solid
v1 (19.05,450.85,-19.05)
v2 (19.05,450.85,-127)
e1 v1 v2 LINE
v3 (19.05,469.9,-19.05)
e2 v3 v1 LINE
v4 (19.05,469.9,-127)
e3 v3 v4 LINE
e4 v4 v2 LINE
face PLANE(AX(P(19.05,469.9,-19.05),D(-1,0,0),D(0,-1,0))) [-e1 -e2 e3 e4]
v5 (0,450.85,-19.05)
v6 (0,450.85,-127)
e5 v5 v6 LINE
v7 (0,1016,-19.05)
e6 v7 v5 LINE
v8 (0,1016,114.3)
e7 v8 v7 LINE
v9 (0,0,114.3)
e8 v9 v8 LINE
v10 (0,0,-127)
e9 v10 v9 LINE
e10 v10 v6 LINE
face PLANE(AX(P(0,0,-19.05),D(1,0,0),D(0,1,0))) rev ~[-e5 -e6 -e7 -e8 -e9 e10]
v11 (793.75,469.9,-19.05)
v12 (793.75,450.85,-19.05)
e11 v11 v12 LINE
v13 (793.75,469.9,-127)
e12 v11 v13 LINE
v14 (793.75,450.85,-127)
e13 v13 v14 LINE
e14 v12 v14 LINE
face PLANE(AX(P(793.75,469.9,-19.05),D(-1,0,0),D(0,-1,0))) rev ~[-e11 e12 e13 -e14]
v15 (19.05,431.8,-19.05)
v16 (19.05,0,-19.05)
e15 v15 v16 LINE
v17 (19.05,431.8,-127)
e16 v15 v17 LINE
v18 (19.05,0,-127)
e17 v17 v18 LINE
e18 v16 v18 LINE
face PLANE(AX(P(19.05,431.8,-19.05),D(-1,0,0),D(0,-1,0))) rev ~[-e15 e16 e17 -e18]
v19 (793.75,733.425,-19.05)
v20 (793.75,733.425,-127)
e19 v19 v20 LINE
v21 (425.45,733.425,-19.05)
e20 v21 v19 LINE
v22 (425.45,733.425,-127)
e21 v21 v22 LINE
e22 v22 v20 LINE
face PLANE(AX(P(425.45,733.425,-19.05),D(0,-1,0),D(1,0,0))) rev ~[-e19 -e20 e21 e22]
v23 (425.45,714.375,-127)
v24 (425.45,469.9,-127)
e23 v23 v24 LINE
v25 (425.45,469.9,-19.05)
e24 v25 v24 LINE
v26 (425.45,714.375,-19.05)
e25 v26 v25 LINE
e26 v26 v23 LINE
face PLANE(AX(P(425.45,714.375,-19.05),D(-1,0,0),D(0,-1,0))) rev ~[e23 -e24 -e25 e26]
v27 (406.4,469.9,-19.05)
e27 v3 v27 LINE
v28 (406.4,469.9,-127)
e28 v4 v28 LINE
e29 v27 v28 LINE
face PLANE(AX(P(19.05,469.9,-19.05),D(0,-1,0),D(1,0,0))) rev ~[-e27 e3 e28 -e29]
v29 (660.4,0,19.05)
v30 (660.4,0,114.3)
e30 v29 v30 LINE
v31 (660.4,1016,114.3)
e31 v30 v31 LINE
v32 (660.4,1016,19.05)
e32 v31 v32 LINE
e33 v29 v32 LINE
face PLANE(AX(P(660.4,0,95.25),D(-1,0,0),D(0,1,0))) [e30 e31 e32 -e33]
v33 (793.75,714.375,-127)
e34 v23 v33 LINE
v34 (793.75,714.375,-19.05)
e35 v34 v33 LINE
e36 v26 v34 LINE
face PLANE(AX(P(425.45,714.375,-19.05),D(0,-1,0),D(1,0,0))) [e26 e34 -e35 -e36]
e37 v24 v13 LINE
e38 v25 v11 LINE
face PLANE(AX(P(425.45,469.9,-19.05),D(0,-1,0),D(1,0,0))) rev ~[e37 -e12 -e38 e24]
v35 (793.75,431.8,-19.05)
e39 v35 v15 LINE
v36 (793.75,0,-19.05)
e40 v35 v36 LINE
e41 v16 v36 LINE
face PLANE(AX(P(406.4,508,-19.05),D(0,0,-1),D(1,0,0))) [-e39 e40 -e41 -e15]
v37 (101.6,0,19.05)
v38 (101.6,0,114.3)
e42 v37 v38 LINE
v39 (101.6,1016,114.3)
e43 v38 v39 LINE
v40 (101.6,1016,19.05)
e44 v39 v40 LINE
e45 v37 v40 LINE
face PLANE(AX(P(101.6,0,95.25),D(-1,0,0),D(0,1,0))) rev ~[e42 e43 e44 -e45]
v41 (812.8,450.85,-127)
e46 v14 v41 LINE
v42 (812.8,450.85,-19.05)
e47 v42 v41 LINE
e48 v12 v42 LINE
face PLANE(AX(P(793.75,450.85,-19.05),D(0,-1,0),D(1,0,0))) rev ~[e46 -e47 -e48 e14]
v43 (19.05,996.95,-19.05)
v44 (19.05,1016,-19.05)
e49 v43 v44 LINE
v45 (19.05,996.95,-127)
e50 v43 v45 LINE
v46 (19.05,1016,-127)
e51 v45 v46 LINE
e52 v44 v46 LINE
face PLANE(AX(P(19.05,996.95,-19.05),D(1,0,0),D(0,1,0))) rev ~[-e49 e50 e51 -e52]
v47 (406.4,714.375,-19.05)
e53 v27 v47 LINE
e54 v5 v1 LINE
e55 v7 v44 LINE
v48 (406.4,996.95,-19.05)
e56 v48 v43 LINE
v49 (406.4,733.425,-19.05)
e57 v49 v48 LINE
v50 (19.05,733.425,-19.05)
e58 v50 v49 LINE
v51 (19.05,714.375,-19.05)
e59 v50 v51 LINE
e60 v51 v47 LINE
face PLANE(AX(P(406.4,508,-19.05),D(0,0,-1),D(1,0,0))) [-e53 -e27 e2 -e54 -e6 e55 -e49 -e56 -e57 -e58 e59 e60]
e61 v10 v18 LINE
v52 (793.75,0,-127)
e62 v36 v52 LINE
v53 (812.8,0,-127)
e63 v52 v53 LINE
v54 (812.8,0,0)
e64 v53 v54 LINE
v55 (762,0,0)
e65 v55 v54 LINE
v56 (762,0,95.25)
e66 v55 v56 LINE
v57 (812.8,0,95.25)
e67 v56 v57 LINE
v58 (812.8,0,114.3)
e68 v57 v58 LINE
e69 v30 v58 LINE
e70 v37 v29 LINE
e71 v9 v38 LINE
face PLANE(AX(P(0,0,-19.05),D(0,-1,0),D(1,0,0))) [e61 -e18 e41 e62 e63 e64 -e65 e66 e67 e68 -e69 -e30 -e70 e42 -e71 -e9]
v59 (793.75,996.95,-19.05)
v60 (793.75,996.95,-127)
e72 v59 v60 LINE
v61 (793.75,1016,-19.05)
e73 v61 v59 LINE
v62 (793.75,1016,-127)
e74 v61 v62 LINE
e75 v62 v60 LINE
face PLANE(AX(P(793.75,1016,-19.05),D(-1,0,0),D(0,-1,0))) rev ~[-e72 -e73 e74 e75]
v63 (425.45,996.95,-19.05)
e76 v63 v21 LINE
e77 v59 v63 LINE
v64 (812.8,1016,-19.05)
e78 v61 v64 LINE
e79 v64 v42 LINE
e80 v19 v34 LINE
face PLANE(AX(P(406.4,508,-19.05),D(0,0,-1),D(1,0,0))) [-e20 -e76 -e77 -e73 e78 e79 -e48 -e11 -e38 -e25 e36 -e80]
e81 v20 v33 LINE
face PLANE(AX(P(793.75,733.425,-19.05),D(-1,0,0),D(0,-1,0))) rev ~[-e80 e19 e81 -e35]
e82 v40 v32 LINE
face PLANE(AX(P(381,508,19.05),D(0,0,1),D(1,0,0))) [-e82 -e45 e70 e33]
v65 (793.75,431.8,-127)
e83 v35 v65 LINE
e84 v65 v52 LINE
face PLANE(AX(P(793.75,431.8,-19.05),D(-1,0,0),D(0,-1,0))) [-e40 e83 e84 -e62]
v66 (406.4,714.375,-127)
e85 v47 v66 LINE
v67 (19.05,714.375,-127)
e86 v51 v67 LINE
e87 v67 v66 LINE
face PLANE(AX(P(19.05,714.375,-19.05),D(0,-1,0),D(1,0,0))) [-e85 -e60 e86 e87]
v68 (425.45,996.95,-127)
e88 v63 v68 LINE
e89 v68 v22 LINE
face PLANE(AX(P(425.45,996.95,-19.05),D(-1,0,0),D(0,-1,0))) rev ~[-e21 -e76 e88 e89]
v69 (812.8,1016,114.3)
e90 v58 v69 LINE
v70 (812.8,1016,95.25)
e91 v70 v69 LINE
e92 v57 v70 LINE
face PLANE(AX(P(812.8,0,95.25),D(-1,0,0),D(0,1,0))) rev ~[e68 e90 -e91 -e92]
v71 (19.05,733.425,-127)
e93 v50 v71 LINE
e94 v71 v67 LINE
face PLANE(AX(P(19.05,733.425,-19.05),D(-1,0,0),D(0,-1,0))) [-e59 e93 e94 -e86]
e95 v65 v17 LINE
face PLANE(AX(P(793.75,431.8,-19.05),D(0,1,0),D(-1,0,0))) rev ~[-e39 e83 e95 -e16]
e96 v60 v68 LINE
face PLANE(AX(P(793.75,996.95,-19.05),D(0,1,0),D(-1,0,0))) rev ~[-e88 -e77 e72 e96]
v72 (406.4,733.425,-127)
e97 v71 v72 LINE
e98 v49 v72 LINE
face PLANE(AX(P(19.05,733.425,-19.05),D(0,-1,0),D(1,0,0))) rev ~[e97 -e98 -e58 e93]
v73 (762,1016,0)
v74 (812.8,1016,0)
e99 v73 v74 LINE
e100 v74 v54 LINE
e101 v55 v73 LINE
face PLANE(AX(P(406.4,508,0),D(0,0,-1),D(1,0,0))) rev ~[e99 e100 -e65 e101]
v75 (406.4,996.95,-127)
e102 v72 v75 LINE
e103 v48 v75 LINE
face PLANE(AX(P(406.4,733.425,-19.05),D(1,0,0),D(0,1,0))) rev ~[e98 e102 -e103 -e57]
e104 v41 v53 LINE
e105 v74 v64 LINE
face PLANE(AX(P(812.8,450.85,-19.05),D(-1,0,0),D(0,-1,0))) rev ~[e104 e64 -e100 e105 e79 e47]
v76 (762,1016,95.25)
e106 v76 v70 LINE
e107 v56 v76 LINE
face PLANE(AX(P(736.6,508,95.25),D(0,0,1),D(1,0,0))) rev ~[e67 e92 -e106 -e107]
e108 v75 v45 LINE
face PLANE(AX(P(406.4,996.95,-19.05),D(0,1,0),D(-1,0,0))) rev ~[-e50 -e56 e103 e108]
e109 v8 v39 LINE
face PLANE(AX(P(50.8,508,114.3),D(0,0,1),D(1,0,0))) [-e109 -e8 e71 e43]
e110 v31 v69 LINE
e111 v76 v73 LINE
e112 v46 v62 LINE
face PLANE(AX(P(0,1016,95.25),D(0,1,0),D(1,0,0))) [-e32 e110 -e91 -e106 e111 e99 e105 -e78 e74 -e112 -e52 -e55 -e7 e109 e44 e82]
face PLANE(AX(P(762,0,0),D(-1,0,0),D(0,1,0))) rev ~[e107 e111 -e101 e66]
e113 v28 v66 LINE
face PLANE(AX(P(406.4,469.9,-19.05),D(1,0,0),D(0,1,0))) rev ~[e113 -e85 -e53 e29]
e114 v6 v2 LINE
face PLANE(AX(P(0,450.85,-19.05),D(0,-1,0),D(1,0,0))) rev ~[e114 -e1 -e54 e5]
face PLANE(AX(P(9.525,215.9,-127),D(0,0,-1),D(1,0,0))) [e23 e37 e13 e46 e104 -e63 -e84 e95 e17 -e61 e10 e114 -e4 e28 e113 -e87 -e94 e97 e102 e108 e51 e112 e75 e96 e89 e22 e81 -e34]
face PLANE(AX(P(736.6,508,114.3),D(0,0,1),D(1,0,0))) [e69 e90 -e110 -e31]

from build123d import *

# Parameters (mm, degrees)
F0_W      = 762
F0_H      = 1016
F1_DEPTH  = 19.05
F2_W      = 101.6
F2_H      = 1016
F3_DEPTH  = 76.2
F4_W      = 152.4
F4_H      = 1016
F5_DEPTH  = 19.05
F6_W      = 812.8
F6_H      = 1016
F7_DEPTH  = 19.05
F8_W      = 101.6
F8_H      = 1016
F9_DEPTH  = 19.05
F10_W     = 19.05
F10_H     = 431.8
F10_W_2   = 387.35
F10_H_2   = 19.05
F10_W_3   = 368.3
F11_DEPTH = 107.95


with BuildPart() as f1:
    # F0 (on Top) → F1 (new body)
    with BuildSketch(Plane.XY):
        with Locations((381, 508)):
            Rectangle(F0_W, F0_H)
    extrude(amount=F1_DEPTH)

    # F2 (on face) → F3 (join)
    with BuildSketch(Plane.XY.offset(19.05)):
        with Locations((50.8, 508)):
            Rectangle(F2_W, F2_H)
        with Locations((711.2, 508)):
            Rectangle(F2_W, F2_H)
    extrude(amount=F3_DEPTH)

    # F4 (on face) → F5 (join)
    with BuildSketch(Plane.XY.offset(95.25)):
        with Locations((736.6, 508)):
            Rectangle(F4_W, F4_H)
    extrude(amount=F5_DEPTH)

    # F6 (on face) → F7 (join)
    with BuildSketch(Plane(origin=(0, 0, 0), x_dir=(1, 0, 0), z_dir=(0, 0, -1))):
        with Locations((406.4, -508)):
            Rectangle(F6_W, F6_H)
    extrude(amount=F7_DEPTH)

    # F8 (on face) → F9 (join)
    with BuildSketch(Plane.XY.offset(95.25)):
        with Locations((50.8, 508)):
            Rectangle(F8_W, F8_H)
    extrude(amount=F9_DEPTH)

    # F10 (on face) → F11 (join)
    with BuildSketch(Plane(origin=(0, 0, -19.05), x_dir=(1, 0, 0), z_dir=(0, 0, -1))):
        with Locations((9.525, -215.9)):
            Rectangle(F10_W, F10_H)
        Polygon((19.05, -431.8), (0, -431.8), (0, -450.85), (19.05, -450.85), (406.4, -450.85), (425.45, -450.85), (793.75, -450.85), (812.8, -450.85), (812.8, -431.8), (793.75, -431.8), align=None)
        with Locations((803.275, -215.9)):
            Rectangle(F10_W, F10_H)
        with Locations((212.725, -460.375)):
            Rectangle(F10_W_2, F10_H_2)
        Polygon((425.45, -450.85), (406.4, -450.85), (406.4, -469.9), (406.4, -714.375), (406.4, -733.425), (406.4, -996.95), (425.45, -996.95), (425.45, -733.425), (425.45, -714.375), (425.45, -469.9), align=None)
        with Locations((609.6, -460.375)):
            Rectangle(F10_W_3, F10_H_2)
        with Locations((212.725, -723.9)):
            Rectangle(F10_W_2, F10_H_2)
        with Locations((609.6, -723.9)):
            Rectangle(F10_W_3, F10_H_2)
        Polygon((425.45, -996.95), (406.4, -996.95), (19.05, -996.95), (19.05, -1016), (793.75, -1016), (793.75, -996.95), align=None)
    extrude(amount=F11_DEPTH)


solid = f1.part
